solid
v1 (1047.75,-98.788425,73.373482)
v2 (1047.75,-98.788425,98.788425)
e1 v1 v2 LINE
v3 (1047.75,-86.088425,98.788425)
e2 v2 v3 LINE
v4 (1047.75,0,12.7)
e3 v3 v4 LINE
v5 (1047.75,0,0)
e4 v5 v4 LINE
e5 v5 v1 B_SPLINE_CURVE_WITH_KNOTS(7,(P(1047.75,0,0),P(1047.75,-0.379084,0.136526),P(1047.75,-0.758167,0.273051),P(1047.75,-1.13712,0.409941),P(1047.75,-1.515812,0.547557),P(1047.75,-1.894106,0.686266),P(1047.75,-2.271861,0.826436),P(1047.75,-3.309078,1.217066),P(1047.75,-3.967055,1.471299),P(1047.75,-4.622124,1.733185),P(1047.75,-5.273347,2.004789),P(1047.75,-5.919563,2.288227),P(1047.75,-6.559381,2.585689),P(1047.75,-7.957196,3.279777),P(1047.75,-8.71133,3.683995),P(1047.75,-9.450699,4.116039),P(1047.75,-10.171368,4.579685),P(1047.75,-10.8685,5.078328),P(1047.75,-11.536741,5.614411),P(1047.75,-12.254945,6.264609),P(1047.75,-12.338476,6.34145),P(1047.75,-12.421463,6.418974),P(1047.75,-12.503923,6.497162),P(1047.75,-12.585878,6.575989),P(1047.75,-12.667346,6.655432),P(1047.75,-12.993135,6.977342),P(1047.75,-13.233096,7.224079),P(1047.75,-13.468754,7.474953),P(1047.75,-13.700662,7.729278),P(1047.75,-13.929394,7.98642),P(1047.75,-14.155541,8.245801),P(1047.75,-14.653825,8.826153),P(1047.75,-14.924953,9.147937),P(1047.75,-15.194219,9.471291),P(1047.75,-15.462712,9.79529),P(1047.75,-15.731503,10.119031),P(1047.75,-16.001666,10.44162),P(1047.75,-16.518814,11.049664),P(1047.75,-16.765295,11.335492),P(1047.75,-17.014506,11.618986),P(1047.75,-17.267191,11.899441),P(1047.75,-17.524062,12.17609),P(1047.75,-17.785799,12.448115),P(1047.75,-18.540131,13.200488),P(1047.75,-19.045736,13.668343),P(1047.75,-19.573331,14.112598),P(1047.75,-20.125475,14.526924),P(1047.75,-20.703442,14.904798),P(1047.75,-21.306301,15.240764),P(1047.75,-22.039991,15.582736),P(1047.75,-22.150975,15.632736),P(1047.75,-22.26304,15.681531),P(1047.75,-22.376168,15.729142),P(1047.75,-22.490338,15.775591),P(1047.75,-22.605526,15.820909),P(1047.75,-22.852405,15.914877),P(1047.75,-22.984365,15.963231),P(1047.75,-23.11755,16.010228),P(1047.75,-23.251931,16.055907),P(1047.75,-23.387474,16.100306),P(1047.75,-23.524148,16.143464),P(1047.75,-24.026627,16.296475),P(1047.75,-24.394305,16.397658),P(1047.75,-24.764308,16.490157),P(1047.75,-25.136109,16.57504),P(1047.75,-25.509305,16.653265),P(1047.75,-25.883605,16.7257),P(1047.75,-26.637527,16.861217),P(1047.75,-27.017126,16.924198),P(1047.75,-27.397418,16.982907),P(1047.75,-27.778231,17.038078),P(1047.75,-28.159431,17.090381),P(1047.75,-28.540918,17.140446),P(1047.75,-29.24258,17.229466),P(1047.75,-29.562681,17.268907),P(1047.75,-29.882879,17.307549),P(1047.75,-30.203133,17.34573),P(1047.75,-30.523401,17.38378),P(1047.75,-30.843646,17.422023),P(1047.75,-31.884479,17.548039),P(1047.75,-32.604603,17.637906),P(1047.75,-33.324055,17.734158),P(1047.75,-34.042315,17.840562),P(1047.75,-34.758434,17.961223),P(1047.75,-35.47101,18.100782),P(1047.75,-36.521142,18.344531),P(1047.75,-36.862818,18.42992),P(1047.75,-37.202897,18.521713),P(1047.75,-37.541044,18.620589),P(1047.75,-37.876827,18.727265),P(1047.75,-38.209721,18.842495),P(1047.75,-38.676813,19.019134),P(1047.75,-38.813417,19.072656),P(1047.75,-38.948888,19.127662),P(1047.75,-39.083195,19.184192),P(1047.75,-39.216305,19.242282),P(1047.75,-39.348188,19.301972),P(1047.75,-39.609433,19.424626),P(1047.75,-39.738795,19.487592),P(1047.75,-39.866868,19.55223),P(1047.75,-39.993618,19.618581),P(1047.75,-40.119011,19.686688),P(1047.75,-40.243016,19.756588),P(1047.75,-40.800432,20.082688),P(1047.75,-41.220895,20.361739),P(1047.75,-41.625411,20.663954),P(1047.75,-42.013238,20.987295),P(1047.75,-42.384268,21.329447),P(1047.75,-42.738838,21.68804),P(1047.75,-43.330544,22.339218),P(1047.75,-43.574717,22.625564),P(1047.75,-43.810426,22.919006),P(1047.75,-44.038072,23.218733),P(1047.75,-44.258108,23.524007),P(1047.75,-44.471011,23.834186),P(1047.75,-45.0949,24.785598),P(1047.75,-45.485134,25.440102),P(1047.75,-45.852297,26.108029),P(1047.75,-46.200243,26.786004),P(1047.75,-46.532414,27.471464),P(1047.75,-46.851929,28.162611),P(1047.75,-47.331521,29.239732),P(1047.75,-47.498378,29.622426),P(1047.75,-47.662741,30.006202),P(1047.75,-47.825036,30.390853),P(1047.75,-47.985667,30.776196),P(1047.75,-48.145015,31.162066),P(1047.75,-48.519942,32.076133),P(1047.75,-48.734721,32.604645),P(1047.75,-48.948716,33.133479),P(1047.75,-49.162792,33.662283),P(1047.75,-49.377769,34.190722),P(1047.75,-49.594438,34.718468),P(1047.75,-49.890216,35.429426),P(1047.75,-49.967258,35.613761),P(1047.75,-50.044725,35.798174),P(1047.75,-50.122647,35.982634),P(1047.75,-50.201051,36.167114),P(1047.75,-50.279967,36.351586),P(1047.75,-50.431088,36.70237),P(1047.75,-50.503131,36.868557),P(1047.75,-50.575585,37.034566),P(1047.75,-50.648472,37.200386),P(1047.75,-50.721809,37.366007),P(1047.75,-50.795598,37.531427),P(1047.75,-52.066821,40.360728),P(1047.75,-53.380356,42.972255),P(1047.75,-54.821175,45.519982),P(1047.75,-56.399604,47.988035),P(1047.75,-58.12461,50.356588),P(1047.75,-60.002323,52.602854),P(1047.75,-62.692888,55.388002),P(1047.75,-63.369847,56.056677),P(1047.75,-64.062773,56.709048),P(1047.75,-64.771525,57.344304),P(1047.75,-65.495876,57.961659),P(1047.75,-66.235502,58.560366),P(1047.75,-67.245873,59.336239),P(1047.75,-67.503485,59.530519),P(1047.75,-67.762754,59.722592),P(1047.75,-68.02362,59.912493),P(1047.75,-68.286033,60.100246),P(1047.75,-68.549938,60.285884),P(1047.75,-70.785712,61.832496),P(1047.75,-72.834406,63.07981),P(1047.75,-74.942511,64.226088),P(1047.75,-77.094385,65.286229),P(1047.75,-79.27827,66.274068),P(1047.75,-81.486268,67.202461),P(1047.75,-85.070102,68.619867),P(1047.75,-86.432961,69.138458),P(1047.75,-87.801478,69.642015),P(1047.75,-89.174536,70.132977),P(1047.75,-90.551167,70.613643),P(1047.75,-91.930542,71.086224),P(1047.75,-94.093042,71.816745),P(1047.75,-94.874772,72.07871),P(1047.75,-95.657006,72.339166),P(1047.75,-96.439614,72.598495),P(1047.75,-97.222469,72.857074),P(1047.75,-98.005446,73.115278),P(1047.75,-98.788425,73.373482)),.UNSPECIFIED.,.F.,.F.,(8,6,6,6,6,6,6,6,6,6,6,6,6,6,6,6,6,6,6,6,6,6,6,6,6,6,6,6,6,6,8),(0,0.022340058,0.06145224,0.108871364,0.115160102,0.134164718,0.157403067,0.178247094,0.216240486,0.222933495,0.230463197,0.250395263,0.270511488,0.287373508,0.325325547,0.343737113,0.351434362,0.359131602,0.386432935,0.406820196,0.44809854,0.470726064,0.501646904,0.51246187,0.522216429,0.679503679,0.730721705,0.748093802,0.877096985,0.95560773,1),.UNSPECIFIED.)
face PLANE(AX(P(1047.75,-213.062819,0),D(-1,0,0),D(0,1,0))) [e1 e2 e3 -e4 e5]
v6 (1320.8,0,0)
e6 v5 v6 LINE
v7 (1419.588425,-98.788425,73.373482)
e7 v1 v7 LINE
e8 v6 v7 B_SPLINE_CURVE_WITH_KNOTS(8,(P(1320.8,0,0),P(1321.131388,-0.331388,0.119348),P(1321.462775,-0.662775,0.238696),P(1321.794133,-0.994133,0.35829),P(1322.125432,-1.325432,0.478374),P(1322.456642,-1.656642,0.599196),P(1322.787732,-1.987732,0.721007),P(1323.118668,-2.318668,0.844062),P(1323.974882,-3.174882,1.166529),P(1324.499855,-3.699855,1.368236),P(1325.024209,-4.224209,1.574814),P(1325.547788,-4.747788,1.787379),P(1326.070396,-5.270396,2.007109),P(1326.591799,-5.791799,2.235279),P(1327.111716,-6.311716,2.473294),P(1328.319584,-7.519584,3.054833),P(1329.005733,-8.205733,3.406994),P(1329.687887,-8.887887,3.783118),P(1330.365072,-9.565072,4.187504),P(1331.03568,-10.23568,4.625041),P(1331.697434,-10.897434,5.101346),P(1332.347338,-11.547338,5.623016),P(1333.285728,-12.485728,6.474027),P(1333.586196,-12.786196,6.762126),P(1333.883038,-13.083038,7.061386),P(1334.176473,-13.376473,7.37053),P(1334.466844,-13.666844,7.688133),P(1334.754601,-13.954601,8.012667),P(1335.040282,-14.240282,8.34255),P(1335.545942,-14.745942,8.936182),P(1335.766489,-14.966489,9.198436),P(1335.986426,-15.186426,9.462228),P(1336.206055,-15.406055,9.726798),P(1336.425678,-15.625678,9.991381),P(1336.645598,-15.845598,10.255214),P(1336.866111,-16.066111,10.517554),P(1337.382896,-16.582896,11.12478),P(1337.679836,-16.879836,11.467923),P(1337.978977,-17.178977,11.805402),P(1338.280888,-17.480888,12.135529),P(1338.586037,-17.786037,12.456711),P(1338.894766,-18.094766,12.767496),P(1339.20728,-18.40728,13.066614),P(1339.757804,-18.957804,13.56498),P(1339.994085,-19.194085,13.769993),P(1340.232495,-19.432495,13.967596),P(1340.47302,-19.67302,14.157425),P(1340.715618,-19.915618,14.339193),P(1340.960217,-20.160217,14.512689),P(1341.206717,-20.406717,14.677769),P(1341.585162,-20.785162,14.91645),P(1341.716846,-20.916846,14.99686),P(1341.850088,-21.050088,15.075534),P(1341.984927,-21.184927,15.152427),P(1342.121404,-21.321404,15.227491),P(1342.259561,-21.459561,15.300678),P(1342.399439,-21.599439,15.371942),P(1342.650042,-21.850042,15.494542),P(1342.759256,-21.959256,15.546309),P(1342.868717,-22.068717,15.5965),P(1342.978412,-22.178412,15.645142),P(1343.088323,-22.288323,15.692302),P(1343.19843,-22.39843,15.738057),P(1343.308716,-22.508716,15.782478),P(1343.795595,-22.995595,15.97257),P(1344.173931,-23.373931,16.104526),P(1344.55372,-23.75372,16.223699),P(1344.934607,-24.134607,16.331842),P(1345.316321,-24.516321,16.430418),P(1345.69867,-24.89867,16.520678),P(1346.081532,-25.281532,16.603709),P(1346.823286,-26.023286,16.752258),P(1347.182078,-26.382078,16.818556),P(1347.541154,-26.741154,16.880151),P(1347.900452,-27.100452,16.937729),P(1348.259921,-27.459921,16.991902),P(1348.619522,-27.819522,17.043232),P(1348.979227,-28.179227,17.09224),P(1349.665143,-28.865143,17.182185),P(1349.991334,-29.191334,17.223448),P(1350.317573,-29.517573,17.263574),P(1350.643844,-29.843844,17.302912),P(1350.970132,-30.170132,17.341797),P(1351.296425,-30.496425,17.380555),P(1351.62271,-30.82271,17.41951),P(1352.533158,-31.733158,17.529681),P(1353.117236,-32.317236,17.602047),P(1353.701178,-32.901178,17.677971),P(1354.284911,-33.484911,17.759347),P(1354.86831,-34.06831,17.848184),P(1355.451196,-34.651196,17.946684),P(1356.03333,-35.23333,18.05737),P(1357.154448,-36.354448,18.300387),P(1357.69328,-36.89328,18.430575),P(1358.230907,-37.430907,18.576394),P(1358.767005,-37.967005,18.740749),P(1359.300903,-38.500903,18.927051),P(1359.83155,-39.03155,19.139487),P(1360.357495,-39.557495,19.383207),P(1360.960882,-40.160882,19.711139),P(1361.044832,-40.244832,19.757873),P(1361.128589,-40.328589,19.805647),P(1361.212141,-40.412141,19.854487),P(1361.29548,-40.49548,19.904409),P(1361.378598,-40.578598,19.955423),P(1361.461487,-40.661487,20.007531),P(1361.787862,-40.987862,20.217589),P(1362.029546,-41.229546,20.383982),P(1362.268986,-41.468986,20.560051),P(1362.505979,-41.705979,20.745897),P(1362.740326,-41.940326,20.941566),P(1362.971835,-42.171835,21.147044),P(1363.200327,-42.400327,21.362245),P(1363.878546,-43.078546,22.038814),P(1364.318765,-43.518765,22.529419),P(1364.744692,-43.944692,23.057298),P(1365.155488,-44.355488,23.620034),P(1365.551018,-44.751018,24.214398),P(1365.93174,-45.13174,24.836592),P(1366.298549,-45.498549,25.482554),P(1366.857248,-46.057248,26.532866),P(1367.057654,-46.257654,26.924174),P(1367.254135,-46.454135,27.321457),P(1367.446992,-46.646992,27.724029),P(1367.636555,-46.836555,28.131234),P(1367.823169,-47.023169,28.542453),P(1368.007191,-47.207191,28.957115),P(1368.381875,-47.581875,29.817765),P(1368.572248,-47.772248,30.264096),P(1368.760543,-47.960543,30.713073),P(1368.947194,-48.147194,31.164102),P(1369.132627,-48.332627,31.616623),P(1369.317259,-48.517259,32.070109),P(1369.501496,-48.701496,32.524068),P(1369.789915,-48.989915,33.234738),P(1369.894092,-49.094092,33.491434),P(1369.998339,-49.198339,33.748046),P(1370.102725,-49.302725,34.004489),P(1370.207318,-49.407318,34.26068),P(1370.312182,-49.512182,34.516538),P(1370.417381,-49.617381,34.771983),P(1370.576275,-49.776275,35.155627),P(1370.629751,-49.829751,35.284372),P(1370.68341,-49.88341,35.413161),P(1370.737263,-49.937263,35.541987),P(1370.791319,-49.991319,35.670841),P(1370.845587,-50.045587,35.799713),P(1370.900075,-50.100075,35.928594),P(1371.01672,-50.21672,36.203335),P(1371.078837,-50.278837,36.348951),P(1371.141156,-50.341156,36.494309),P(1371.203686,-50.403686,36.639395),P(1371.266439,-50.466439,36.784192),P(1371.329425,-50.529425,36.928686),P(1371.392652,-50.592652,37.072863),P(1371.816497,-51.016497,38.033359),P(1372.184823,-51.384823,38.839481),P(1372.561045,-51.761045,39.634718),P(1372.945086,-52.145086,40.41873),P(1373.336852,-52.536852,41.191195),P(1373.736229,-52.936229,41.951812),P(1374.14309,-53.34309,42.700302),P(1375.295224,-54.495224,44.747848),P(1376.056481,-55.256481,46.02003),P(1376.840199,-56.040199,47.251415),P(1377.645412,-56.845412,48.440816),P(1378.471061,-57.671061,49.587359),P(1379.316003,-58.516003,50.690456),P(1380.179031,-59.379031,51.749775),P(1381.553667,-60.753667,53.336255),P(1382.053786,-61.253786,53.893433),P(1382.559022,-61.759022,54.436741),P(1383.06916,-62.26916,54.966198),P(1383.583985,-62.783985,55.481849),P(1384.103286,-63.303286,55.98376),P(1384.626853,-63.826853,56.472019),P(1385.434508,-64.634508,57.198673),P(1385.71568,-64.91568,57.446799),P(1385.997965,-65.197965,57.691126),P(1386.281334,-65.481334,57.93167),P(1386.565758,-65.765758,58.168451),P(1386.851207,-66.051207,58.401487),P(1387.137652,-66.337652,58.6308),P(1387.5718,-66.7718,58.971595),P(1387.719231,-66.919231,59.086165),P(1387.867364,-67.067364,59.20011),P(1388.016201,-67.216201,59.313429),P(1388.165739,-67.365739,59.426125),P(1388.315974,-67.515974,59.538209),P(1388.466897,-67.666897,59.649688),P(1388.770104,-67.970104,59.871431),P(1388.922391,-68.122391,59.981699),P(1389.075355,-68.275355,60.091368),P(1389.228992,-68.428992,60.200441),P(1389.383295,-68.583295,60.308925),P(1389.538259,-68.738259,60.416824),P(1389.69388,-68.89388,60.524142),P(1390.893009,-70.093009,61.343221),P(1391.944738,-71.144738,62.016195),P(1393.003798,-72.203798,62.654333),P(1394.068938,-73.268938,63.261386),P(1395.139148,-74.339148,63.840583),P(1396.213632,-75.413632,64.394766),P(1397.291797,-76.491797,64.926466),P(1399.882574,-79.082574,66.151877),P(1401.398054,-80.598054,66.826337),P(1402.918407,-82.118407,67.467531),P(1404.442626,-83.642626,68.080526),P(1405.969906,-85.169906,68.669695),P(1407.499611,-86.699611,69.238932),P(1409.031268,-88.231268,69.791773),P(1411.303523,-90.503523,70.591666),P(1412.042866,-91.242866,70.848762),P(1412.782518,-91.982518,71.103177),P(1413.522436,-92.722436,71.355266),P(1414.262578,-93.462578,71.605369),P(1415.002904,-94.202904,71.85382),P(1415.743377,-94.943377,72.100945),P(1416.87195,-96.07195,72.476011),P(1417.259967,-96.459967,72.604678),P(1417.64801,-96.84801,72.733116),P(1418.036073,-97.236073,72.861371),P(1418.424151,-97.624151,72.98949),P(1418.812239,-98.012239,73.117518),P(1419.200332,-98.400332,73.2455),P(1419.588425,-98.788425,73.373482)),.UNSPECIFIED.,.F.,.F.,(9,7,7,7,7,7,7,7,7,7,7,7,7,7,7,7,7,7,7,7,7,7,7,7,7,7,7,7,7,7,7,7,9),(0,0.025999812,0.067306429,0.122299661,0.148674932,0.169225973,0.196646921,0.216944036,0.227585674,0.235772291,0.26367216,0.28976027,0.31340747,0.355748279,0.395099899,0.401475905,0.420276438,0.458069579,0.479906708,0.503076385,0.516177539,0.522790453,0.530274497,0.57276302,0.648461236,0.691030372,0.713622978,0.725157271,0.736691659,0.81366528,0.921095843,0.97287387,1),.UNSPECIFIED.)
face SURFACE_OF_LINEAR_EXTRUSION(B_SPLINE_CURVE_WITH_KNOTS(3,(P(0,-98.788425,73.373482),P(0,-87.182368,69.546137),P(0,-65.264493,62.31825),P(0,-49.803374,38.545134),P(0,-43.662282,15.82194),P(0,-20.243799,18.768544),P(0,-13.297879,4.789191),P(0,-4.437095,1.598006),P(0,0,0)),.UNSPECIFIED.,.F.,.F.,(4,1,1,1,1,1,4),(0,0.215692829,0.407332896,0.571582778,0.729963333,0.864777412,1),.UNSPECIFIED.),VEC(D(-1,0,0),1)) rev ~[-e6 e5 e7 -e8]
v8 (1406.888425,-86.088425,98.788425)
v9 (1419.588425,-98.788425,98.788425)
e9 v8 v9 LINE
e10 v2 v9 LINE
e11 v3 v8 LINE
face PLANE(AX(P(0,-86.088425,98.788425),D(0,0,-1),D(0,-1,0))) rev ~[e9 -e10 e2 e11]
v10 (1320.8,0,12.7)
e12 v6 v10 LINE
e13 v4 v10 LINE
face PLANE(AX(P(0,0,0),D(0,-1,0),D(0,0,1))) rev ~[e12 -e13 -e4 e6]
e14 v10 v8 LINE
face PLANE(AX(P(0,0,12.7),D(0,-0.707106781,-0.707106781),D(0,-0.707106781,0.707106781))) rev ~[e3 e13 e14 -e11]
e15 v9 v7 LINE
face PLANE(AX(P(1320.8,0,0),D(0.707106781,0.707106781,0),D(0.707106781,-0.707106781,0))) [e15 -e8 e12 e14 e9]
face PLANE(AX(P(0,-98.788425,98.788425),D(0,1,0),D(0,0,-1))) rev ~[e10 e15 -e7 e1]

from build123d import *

# Parameters (mm, degrees)
F1_DEPTH = 1447.8
F3_DEPTH = 127
F5_DEPTH = 127
F6_W     = 1275.4871206677
F6_H     = 213.0628189915
F7_DEPTH = 127


with BuildPart() as f1:
    # F0 (on Right) → F1 (new body)
    with BuildSketch(Plane.YZ):
        with BuildLine():
            add(Edge.make_bspline(
                [(-98.7884248642, 73.3734816313), (-87.1823684526, 69.5461370455), (-65.2644929938, 62.3182502427), (-49.8033739198, 38.5451340065), (-43.6622822427, 15.8219402802), (-20.2437994586, 18.7685438503), (-13.297879309, 4.7891906519), (-4.43709461, 1.5980060831), (0, 0)],
                knots=[0, 0, 0, 0, 0.2156928292, 0.4073328959, 0.5715827781, 0.7299633327, 0.8647774117, 1, 1, 1, 1], degree=3))
            Line((0, 0), (0, 12.7))
            Line((0, 12.7), (-86.0884248642, 98.7884248642))
            Line((-86.0884248642, 98.7884248642), (-98.7884248642, 98.7884248642))
            Line((-98.7884248642, 98.7884248642), (-98.7884248642, 73.3734816313))
        make_face()
    extrude(amount=F1_DEPTH)

    # F2 (on Top) → F3 (cut)
    with BuildSketch(Plane.XY):
        Polygon((101.6, 0), (0, 0), (0, -101.6), align=None)
    extrude(amount=F3_DEPTH, mode=Mode.SUBTRACT)

    # F4 (on Top) → F5 (cut)
    with BuildSketch(Plane.XY):
        Polygon((1542.4486112665, 0), (1320.8, 0), (1542.4486112665, -221.6486112665), align=None)
    extrude(amount=F5_DEPTH, mode=Mode.SUBTRACT)

    # F6 (on Top) → F7 (cut)
    with BuildSketch(Plane.XY):
        with Locations((410.0064396661, -106.5314094958)):
            Rectangle(F6_W, F6_H)
    extrude(amount=F7_DEPTH, mode=Mode.SUBTRACT)


solid = f1.part
